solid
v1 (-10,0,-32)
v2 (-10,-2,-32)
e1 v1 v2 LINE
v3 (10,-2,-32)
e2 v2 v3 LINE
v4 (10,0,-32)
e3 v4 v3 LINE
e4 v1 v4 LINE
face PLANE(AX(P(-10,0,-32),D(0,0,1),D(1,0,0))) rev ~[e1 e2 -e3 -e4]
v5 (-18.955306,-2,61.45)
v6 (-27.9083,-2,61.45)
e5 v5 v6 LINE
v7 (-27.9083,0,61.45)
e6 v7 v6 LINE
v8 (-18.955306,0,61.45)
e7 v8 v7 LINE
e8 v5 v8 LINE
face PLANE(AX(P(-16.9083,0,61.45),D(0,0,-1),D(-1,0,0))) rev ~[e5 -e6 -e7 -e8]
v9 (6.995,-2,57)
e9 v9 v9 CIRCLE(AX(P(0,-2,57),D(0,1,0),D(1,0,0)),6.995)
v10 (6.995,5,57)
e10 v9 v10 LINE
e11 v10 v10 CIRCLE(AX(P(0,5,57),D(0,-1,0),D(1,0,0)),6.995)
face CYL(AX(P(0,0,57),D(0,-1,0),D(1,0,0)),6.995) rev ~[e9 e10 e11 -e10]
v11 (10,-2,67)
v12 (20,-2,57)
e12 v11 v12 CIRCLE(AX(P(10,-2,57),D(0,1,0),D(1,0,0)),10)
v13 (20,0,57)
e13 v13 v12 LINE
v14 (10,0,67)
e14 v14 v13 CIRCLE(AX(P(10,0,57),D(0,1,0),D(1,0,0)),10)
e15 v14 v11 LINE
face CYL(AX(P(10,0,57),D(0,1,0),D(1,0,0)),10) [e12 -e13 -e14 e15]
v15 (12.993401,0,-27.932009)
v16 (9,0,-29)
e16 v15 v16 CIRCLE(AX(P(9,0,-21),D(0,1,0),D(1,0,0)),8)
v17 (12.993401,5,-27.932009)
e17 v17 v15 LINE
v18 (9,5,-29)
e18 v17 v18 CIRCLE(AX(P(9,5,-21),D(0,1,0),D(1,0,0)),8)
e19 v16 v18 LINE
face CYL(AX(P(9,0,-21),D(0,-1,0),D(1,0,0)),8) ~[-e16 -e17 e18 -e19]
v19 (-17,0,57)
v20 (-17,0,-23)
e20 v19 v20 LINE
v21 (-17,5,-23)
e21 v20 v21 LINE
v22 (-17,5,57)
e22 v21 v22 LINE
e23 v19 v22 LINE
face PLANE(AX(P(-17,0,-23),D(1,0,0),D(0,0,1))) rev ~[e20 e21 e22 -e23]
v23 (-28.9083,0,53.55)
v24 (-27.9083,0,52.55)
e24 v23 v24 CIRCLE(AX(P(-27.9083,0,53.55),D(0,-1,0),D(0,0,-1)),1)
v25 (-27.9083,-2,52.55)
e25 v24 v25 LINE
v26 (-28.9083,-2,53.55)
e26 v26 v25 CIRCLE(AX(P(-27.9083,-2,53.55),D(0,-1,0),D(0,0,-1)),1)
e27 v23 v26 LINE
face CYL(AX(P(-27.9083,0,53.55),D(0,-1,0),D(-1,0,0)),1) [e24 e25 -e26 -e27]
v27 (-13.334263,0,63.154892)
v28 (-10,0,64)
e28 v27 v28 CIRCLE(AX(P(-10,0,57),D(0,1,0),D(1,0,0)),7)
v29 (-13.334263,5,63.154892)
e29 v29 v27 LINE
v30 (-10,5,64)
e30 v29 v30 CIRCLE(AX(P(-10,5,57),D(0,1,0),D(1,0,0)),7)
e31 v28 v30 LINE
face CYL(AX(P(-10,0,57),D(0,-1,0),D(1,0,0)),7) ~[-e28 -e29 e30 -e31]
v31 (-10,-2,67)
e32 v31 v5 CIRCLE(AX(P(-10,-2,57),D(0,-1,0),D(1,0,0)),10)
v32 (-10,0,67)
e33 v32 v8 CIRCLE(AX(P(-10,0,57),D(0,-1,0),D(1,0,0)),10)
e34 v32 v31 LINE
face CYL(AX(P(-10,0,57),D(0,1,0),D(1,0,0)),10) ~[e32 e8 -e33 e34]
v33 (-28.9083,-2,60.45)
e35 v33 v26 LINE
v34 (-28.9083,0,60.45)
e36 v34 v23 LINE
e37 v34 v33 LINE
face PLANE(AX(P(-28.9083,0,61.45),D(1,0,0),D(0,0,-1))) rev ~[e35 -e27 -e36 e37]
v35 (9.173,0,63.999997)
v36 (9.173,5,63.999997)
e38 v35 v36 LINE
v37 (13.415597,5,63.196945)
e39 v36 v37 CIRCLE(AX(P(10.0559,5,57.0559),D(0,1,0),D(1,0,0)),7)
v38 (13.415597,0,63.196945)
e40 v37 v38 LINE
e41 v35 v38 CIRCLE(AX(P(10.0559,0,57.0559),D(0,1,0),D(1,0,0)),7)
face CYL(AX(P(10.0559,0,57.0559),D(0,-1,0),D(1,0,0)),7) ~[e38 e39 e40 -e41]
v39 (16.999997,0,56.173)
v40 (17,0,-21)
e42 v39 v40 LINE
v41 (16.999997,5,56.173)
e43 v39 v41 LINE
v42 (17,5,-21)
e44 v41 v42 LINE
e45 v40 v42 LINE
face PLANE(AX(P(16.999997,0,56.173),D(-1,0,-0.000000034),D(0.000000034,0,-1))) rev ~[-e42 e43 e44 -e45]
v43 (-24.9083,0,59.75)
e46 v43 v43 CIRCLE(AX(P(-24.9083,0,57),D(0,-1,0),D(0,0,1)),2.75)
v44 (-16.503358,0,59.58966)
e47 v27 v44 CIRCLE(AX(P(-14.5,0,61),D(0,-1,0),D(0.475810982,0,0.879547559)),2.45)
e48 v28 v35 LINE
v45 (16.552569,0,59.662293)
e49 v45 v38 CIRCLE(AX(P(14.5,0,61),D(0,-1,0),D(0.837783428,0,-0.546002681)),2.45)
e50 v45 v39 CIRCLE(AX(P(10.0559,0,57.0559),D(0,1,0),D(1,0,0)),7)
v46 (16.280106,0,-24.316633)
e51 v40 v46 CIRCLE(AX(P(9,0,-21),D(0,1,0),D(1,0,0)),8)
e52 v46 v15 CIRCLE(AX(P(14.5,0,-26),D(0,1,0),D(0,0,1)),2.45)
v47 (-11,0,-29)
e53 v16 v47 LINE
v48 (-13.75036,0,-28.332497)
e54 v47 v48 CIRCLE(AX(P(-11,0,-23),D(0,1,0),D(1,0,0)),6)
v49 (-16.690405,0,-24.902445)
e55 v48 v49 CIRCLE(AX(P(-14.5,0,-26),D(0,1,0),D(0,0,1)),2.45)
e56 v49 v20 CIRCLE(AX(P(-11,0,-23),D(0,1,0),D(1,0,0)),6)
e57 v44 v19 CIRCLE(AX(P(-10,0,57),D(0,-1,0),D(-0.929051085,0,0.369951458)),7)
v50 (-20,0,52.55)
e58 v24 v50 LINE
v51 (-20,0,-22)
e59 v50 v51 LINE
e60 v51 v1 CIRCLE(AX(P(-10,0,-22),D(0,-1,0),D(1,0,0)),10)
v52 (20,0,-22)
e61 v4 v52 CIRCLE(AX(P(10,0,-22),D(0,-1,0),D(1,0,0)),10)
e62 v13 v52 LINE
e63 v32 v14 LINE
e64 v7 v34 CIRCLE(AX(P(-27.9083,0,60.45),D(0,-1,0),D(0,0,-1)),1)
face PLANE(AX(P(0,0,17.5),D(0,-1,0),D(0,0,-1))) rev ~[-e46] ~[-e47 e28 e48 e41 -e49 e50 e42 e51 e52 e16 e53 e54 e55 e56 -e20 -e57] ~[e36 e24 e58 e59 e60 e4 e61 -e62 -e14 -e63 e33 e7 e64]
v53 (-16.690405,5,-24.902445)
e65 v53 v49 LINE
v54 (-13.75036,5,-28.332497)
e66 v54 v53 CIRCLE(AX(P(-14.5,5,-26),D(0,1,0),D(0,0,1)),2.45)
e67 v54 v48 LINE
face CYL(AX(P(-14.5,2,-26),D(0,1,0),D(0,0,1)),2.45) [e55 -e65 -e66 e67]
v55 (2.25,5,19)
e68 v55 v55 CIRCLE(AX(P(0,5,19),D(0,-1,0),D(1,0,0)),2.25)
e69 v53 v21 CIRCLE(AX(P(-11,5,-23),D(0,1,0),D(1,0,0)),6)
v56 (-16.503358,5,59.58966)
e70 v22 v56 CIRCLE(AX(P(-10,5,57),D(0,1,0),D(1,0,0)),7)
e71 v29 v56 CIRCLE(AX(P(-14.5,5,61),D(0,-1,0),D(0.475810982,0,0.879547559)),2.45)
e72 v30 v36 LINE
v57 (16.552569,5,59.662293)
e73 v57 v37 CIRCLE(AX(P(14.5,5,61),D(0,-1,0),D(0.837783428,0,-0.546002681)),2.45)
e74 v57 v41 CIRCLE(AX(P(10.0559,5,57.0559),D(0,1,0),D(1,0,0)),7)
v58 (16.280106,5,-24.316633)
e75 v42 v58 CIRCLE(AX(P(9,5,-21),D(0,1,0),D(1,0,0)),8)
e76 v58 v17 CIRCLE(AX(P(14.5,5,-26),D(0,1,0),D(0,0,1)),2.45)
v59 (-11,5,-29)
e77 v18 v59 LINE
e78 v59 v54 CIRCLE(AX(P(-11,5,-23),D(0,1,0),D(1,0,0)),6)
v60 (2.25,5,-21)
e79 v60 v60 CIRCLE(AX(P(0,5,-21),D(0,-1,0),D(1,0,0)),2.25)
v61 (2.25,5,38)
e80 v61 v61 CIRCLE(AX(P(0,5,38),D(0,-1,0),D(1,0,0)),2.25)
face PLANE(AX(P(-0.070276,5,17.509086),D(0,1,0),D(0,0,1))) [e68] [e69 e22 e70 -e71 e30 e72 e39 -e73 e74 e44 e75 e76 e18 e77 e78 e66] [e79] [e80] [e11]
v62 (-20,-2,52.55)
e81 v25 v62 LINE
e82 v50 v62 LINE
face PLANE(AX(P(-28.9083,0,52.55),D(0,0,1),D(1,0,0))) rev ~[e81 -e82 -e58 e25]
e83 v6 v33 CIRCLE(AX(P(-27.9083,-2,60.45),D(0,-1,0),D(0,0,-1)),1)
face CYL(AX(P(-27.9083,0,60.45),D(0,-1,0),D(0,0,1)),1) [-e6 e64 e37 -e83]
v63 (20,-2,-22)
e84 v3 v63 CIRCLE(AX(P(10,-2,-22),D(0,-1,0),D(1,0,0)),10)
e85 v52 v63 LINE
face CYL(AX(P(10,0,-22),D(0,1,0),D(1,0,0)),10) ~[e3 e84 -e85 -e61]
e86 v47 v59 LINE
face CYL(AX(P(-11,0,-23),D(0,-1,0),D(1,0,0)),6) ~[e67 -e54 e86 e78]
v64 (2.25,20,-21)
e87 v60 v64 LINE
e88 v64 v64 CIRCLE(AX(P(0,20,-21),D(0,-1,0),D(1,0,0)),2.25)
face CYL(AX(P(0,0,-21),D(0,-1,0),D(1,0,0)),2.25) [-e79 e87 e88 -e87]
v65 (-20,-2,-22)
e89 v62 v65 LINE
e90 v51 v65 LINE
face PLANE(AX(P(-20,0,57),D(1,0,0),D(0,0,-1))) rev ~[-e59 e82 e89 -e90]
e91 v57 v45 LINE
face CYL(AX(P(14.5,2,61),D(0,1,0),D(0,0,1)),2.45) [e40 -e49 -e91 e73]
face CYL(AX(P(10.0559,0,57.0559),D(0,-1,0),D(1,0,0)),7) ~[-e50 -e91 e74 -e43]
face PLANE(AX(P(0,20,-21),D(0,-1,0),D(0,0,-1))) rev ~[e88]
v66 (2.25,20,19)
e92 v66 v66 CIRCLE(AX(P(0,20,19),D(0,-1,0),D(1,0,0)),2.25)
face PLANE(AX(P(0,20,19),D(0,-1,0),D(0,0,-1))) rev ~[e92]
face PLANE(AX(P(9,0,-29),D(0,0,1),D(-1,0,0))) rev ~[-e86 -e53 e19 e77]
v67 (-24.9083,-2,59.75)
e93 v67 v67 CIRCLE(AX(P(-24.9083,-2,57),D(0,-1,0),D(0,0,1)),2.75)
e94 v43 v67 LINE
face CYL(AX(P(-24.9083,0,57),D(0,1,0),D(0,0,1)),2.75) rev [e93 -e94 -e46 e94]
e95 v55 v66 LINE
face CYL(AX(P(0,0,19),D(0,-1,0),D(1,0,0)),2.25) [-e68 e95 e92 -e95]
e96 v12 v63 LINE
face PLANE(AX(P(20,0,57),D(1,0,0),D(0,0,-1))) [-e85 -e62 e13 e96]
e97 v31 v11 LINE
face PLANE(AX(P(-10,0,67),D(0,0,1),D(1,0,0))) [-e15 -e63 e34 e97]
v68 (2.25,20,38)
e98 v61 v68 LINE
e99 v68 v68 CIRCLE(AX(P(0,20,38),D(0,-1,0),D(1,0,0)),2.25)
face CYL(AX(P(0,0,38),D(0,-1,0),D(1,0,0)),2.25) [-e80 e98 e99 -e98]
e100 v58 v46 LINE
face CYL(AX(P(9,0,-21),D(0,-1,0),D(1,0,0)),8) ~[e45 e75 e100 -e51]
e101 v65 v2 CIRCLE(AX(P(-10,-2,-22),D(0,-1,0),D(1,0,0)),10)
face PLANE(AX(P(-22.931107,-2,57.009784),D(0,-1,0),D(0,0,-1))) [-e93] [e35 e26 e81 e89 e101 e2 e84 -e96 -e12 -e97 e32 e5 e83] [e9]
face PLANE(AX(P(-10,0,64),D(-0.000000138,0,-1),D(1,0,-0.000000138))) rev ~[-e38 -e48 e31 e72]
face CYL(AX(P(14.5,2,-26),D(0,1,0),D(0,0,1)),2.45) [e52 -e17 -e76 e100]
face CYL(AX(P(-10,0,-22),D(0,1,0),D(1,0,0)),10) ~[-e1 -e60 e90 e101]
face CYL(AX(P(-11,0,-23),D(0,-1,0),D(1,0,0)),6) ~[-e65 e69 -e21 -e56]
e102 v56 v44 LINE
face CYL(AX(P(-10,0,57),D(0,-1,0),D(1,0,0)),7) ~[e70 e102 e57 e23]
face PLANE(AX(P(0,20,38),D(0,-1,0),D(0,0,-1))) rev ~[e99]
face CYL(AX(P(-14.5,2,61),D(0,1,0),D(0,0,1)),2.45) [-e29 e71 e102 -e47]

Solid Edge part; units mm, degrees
sketch "Sketch1" plane through (0, 0, 0) normal (0, -1, 0) x (1, 0, 0)
  line L0 (-20, 57) -> (-20, -22)
  arc A0 (-20, -22) -> (-10, -32) centre (-10, -22) ccw
  line L1 (-10, -32) -> (10, -32)
  arc A1 (10, -32) -> (20, -22) centre (10, -22) ccw
  line L2 (20, 57) -> (20, -22)
  arc A2 (10, 67) -> (20, 57) centre (10, 57) cw
  line L3 (-10, 67) -> (10, 67)
  arc A3 (-10, 67) -> (-20, 57) centre (-10, 57) ccw
extrude "Protrusion1" add sketch "Sketch1" along normal blind 2
sketch "Sketch2" plane through (0, 0, 0) normal (0, -1, 0) x (1, 0, 0)
  line L0 (17, 56.173) -> (17, -21)
  arc A0 (17, -21) -> (9, -29) centre (9, -21) cw
  line L1 (9, -29) -> (-11, -29)
  arc A1 (-11, -29) -> (-17, -23) centre (-11, -23) cw
  line L2 (-17, -23) -> (-17, 57)
  arc A2 (-17, 57) -> (-10, 64) centre (-10, 57) cw
  line L3 (-10, 64) -> (9.173, 64)
  arc A3 (9.173, 64) -> (17, 56.173) centre (10.0559, 57.0559) cw
extrude "ExtrudedProtrusion_11" add sketch "Sketch2" against normal blind 5
sketch "Sketch3" plane through (0, 0, 0) normal (0, -1, 0) x (1, 0, 0)
  circle A0 centre (0, 19) radius 2.25
  circle A1 centre (0, 38) radius 2.25
  circle A2 centre (0, -21) radius 2.25
  dimension "D1" = 40
  dimension "D2" = 2
  dimension "D3" = 2
  dimension "D4" = 2
  dimension "D5" = 2
  dimension "D6" = 19
  dimension "D7" = 19
  dimension "D8" = 19
  dimension "D9" = 2
  dimension "D10" = 21
  dimension "D11" = 9.99
  dimension "D12" = 4.5
  dimension "D13" = 4.5
  dimension "D14" = 5
  dimension "D15" = 4.5
  dimension "D16" = 10
  dimension "D17" = 10
  dimension "D18" = 10
  dimension "D19" = 99
  dimension "D20" = 67
  dimension "D21" = 20
  dimension "D22" = 20
  dimension "D23" = 20
extrude "ExtrudedProtrusion_12" add sketch "Sketch3" against normal blind 20
sketch "Sketch4" plane through (0.4, 2, 16.9) normal (0, 1, 0) x (0, 0, 1)
  circle A0 centre (-42.9, 14.1) radius 2.45
  circle A1 centre (-42.9, -14.9) radius 2.45
  circle A2 centre (44.1, -14.9) radius 2.45
  circle A3 centre (44.1, 14.1) radius 2.45
  dimension "D1" = 4.9
  dimension "D2" = 4.9
  dimension "D3" = 4.9
  dimension "D4" = 5.5
  dimension "D5" = 6
  dimension "D6" = 6
  dimension "D7" = 5.5
extrude "ExtrudedProtrusion_13" add sketch "Sketch4" along normal blind 3 and the other way blind 4
sketch "Sketch5" plane through (0.4, 0, 16.9) normal (0, -1, 0) x (0, 0, 1)
  circle A0 centre (40.1, 25.3083) radius 2.75
  line L0 (44.55, 29.3083) -> (35.65, 29.3083)
  line L1 (35.65, 29.3083) -> (35.65, 17.4)
  line L2 (35.65, 17.4) -> (44.55, 17.3083)
  line L3 (44.55, 17.3083) -> (44.55, 29.3083)
  dimension "D1" = 8.9
  dimension "D2" = 12
  dimension "D3" = 8
  dimension "D4" = 4.45
  dimension "D5" = 5.5
extrude "ExtrudedProtrusion_18" add sketch "Sketch5" along normal blind 2
sketch "Sketch6" plane through (0, 0, 0) normal (0, -1, 0) x (1, 0, 0)
  circle A0 centre (0, 57) radius 6.995
extrude "ExtrudedCutout_3" cut sketch "Sketch6" along normal mid plane 10
fillet "Round_2" radius 1 2 edges at (-28.9083, -1, 61.45) (-28.9083, -1, 52.55)
